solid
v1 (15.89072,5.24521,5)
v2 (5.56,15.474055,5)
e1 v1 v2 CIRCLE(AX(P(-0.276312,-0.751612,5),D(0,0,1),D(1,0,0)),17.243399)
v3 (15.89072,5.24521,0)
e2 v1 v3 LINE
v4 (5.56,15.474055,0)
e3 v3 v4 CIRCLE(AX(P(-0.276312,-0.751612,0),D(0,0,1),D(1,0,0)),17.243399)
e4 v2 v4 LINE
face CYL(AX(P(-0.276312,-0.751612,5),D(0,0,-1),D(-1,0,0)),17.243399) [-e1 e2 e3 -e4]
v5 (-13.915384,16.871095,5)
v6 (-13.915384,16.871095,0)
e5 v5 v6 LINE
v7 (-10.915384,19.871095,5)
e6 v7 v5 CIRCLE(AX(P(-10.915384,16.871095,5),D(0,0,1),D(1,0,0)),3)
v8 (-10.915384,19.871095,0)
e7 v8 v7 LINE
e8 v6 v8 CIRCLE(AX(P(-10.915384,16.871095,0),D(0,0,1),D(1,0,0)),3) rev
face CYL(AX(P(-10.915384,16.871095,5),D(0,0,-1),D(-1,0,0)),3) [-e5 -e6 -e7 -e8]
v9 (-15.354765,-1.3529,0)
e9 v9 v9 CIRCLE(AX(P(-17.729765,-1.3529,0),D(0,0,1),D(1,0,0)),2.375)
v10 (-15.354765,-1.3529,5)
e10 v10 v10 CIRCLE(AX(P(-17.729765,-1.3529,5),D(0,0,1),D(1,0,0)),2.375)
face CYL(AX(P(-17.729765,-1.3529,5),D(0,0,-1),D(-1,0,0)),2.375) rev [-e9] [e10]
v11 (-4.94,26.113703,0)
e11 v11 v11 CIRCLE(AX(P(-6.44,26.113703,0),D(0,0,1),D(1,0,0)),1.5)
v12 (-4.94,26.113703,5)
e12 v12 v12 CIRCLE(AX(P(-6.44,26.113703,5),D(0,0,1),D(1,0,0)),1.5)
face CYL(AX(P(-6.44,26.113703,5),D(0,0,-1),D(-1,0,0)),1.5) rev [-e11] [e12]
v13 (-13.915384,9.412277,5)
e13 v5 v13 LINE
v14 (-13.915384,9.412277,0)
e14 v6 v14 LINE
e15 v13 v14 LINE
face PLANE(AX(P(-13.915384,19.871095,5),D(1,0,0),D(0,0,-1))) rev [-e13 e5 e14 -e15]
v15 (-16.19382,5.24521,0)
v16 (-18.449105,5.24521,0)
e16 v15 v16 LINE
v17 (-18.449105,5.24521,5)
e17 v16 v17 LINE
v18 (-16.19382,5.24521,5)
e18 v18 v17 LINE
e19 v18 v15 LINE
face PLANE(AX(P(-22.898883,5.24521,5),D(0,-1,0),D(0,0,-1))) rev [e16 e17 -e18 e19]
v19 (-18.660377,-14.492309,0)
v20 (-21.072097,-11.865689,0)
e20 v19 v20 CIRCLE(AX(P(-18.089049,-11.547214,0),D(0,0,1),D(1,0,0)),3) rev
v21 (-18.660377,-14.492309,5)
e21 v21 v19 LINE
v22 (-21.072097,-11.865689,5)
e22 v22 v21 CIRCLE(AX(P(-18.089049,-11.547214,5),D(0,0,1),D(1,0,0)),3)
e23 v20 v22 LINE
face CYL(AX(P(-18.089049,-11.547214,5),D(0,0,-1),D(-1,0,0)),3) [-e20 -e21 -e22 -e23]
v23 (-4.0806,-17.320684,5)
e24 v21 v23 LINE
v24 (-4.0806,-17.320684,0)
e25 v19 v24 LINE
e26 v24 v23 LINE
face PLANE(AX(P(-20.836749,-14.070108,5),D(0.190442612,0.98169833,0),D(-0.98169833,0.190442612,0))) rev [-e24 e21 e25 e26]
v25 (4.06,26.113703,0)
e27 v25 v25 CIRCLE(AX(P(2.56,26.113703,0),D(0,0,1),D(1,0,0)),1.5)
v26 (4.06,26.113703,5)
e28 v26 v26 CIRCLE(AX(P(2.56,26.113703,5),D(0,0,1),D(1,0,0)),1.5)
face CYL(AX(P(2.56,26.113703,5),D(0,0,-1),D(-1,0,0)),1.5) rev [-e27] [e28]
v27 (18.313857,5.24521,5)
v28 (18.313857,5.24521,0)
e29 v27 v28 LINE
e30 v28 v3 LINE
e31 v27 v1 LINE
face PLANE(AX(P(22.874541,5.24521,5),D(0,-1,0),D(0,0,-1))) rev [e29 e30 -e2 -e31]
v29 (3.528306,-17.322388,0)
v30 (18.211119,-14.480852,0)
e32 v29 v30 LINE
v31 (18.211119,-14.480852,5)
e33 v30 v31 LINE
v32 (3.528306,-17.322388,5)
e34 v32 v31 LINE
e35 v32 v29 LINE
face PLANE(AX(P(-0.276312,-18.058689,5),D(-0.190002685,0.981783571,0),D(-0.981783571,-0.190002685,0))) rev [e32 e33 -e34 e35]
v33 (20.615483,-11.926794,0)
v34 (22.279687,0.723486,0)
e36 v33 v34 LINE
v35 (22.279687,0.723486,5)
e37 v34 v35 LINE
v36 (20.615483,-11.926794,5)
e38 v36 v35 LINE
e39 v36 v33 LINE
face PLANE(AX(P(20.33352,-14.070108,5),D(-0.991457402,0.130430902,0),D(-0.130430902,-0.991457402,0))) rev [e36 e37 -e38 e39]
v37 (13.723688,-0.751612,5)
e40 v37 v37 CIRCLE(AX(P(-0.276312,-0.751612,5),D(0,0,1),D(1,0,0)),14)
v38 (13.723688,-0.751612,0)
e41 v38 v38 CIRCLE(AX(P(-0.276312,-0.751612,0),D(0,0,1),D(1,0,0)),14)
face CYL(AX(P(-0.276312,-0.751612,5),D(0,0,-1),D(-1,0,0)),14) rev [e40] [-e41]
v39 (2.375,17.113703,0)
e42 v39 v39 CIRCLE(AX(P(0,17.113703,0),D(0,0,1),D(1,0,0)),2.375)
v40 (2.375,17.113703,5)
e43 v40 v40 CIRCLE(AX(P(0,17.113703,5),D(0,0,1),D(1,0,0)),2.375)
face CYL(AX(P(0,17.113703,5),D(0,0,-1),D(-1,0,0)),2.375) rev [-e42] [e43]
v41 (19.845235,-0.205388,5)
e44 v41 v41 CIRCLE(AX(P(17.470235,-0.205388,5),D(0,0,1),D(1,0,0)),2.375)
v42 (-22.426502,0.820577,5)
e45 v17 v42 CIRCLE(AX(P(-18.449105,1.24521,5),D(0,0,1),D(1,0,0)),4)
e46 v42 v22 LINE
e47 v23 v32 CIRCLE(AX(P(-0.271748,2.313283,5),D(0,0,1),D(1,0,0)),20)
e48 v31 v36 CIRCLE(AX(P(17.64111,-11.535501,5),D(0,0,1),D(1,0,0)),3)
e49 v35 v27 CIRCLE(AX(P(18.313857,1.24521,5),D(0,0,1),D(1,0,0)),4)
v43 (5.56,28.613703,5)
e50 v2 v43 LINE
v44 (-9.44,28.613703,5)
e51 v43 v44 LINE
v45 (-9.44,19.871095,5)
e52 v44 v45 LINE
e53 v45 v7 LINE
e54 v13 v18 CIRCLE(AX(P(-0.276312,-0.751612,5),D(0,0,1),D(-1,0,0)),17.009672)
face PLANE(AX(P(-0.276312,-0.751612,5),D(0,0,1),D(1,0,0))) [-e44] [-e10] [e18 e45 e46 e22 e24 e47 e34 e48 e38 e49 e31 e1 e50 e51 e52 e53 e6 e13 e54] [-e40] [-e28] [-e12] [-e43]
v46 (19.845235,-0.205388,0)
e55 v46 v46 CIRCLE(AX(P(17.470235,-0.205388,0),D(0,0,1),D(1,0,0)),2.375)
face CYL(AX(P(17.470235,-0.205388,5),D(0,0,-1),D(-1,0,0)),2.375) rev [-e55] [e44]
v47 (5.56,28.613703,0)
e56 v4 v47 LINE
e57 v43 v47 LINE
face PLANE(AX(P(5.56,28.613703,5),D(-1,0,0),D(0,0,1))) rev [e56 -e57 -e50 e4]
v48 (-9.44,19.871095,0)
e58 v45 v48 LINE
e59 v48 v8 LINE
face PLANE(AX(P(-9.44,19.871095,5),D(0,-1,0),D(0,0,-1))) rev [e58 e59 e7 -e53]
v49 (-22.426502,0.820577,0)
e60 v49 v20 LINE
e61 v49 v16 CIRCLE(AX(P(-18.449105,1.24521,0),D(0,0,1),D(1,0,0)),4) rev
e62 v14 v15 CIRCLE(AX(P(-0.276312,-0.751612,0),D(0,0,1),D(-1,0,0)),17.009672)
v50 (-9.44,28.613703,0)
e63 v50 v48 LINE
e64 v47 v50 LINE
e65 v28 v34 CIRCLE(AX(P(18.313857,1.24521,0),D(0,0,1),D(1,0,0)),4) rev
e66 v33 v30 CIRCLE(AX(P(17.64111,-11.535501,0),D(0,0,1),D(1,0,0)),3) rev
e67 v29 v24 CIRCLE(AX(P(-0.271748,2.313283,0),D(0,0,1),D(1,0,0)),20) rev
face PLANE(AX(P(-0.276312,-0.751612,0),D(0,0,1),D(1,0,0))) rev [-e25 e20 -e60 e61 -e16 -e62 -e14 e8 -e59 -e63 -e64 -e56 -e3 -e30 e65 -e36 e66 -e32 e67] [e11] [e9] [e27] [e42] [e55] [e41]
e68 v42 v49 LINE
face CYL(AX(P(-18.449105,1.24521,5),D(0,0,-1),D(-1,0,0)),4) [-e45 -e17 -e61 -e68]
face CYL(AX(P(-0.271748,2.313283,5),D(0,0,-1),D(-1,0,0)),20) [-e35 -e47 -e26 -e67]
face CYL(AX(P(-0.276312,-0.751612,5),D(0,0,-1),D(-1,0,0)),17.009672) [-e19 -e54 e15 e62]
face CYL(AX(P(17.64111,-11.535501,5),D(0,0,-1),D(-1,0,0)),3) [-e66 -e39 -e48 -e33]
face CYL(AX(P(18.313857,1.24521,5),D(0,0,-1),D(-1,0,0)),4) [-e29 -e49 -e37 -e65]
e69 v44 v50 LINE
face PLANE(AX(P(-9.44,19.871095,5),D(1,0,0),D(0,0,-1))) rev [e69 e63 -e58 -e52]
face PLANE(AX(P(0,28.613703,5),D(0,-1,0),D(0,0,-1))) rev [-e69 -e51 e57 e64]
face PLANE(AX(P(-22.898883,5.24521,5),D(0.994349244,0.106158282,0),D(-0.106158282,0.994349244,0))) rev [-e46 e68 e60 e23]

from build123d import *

# Parameters (mm, degrees)
SKETCH4_R           = 2.375
SKETCH4_R_2         = 14
SKETCH4_R_3         = 1.5
BOSS_EXTRUDE1_DEPTH = 5
FILLET1_R           = 4
FILLET2_R           = 3
FILLET3_R           = 20
FILLET4_R           = 3


with BuildPart() as part:
    # Sketch4 → Boss-Extrude1 (new body)
    with BuildSketch(Plane.XY):
        with BuildLine():
            Line((-22.898882881, 5.245209669), (-20.836749357, -14.070107669))
            Line((-20.836749357, -14.070107669), (-0.276312074, -18.058688738))
            Line((-0.276312074, -18.058688738), (20.333519642, -14.070107669))
            Line((20.333519642, -14.070107669), (22.874540819, 5.245209669))
            Line((22.874540819, 5.245209669), (15.890720179, 5.245209669))
            ThreePointArc((15.890720179, 5.245209669), (11.856045842, 11.501579149), (5.56, 15.474054805))
            Line((5.56, 15.474054805), (5.56, 28.613702828))
            Line((5.56, 28.613702828), (0, 28.613702828))
            Line((0, 28.613702828), (-9.44, 28.613702828))
            Line((-9.44, 28.613702828), (-9.44, 19.87109493))
            Line((-9.44, 19.87109493), (-13.915384187, 19.87109493))
            Line((-13.915384187, 19.87109493), (-13.915384187, 9.41227742))
            ThreePointArc((-13.915384187, 9.41227742), (-15.200754202, 7.408655363), (-16.193820238, 5.245209669))
            Line((-16.193820238, 5.245209669), (-22.898882881, 5.245209669))
        make_face()
        with Locations((-17.729765035, -1.352900319)):
            Circle(SKETCH4_R, mode=Mode.SUBTRACT)
        with Locations((0, 17.113702828)):
            Circle(SKETCH4_R, mode=Mode.SUBTRACT)
        with Locations((17.470234965, -0.205387514)):
            Circle(SKETCH4_R, mode=Mode.SUBTRACT)
        with Locations((-0.276312074, -0.751612004)):
            Circle(SKETCH4_R_2, mode=Mode.SUBTRACT)
        with Locations((-6.44, 26.113702828)):
            Circle(SKETCH4_R_3, mode=Mode.SUBTRACT)
        with Locations((2.56, 26.113702828)):
            Circle(SKETCH4_R_3, mode=Mode.SUBTRACT)
    extrude(amount=BOSS_EXTRUDE1_DEPTH)

    # Fillet1
    fillet1_edges = [part.edges().sort_by_distance(p)[0] for p in [
        (-22.898882881, 5.245209669, 2.5),
        (22.874540819, 5.245209669, 2.5),
    ]]
    fillet(fillet1_edges, radius=FILLET1_R)

    # Fillet2
    fillet2_edges = [part.edges().sort_by_distance(p)[0] for p in [
        (-20.836749357, -14.070107669, 2.5),
        (20.333519642, -14.070107669, 2.5),
    ]]
    fillet(fillet2_edges, radius=FILLET2_R)

    # Fillet3
    fillet3_edges = [part.edges().sort_by_distance(p)[0] for p in [
        (-0.276312074, -18.058688738, 2.5),
    ]]
    fillet(fillet3_edges, radius=FILLET3_R)

    # Fillet4
    fillet4_edges = [part.edges().sort_by_distance(p)[0] for p in [
        (-13.915384187, 19.87109493, 2.5),
    ]]
    fillet(fillet4_edges, radius=FILLET4_R)


solid = part.part
